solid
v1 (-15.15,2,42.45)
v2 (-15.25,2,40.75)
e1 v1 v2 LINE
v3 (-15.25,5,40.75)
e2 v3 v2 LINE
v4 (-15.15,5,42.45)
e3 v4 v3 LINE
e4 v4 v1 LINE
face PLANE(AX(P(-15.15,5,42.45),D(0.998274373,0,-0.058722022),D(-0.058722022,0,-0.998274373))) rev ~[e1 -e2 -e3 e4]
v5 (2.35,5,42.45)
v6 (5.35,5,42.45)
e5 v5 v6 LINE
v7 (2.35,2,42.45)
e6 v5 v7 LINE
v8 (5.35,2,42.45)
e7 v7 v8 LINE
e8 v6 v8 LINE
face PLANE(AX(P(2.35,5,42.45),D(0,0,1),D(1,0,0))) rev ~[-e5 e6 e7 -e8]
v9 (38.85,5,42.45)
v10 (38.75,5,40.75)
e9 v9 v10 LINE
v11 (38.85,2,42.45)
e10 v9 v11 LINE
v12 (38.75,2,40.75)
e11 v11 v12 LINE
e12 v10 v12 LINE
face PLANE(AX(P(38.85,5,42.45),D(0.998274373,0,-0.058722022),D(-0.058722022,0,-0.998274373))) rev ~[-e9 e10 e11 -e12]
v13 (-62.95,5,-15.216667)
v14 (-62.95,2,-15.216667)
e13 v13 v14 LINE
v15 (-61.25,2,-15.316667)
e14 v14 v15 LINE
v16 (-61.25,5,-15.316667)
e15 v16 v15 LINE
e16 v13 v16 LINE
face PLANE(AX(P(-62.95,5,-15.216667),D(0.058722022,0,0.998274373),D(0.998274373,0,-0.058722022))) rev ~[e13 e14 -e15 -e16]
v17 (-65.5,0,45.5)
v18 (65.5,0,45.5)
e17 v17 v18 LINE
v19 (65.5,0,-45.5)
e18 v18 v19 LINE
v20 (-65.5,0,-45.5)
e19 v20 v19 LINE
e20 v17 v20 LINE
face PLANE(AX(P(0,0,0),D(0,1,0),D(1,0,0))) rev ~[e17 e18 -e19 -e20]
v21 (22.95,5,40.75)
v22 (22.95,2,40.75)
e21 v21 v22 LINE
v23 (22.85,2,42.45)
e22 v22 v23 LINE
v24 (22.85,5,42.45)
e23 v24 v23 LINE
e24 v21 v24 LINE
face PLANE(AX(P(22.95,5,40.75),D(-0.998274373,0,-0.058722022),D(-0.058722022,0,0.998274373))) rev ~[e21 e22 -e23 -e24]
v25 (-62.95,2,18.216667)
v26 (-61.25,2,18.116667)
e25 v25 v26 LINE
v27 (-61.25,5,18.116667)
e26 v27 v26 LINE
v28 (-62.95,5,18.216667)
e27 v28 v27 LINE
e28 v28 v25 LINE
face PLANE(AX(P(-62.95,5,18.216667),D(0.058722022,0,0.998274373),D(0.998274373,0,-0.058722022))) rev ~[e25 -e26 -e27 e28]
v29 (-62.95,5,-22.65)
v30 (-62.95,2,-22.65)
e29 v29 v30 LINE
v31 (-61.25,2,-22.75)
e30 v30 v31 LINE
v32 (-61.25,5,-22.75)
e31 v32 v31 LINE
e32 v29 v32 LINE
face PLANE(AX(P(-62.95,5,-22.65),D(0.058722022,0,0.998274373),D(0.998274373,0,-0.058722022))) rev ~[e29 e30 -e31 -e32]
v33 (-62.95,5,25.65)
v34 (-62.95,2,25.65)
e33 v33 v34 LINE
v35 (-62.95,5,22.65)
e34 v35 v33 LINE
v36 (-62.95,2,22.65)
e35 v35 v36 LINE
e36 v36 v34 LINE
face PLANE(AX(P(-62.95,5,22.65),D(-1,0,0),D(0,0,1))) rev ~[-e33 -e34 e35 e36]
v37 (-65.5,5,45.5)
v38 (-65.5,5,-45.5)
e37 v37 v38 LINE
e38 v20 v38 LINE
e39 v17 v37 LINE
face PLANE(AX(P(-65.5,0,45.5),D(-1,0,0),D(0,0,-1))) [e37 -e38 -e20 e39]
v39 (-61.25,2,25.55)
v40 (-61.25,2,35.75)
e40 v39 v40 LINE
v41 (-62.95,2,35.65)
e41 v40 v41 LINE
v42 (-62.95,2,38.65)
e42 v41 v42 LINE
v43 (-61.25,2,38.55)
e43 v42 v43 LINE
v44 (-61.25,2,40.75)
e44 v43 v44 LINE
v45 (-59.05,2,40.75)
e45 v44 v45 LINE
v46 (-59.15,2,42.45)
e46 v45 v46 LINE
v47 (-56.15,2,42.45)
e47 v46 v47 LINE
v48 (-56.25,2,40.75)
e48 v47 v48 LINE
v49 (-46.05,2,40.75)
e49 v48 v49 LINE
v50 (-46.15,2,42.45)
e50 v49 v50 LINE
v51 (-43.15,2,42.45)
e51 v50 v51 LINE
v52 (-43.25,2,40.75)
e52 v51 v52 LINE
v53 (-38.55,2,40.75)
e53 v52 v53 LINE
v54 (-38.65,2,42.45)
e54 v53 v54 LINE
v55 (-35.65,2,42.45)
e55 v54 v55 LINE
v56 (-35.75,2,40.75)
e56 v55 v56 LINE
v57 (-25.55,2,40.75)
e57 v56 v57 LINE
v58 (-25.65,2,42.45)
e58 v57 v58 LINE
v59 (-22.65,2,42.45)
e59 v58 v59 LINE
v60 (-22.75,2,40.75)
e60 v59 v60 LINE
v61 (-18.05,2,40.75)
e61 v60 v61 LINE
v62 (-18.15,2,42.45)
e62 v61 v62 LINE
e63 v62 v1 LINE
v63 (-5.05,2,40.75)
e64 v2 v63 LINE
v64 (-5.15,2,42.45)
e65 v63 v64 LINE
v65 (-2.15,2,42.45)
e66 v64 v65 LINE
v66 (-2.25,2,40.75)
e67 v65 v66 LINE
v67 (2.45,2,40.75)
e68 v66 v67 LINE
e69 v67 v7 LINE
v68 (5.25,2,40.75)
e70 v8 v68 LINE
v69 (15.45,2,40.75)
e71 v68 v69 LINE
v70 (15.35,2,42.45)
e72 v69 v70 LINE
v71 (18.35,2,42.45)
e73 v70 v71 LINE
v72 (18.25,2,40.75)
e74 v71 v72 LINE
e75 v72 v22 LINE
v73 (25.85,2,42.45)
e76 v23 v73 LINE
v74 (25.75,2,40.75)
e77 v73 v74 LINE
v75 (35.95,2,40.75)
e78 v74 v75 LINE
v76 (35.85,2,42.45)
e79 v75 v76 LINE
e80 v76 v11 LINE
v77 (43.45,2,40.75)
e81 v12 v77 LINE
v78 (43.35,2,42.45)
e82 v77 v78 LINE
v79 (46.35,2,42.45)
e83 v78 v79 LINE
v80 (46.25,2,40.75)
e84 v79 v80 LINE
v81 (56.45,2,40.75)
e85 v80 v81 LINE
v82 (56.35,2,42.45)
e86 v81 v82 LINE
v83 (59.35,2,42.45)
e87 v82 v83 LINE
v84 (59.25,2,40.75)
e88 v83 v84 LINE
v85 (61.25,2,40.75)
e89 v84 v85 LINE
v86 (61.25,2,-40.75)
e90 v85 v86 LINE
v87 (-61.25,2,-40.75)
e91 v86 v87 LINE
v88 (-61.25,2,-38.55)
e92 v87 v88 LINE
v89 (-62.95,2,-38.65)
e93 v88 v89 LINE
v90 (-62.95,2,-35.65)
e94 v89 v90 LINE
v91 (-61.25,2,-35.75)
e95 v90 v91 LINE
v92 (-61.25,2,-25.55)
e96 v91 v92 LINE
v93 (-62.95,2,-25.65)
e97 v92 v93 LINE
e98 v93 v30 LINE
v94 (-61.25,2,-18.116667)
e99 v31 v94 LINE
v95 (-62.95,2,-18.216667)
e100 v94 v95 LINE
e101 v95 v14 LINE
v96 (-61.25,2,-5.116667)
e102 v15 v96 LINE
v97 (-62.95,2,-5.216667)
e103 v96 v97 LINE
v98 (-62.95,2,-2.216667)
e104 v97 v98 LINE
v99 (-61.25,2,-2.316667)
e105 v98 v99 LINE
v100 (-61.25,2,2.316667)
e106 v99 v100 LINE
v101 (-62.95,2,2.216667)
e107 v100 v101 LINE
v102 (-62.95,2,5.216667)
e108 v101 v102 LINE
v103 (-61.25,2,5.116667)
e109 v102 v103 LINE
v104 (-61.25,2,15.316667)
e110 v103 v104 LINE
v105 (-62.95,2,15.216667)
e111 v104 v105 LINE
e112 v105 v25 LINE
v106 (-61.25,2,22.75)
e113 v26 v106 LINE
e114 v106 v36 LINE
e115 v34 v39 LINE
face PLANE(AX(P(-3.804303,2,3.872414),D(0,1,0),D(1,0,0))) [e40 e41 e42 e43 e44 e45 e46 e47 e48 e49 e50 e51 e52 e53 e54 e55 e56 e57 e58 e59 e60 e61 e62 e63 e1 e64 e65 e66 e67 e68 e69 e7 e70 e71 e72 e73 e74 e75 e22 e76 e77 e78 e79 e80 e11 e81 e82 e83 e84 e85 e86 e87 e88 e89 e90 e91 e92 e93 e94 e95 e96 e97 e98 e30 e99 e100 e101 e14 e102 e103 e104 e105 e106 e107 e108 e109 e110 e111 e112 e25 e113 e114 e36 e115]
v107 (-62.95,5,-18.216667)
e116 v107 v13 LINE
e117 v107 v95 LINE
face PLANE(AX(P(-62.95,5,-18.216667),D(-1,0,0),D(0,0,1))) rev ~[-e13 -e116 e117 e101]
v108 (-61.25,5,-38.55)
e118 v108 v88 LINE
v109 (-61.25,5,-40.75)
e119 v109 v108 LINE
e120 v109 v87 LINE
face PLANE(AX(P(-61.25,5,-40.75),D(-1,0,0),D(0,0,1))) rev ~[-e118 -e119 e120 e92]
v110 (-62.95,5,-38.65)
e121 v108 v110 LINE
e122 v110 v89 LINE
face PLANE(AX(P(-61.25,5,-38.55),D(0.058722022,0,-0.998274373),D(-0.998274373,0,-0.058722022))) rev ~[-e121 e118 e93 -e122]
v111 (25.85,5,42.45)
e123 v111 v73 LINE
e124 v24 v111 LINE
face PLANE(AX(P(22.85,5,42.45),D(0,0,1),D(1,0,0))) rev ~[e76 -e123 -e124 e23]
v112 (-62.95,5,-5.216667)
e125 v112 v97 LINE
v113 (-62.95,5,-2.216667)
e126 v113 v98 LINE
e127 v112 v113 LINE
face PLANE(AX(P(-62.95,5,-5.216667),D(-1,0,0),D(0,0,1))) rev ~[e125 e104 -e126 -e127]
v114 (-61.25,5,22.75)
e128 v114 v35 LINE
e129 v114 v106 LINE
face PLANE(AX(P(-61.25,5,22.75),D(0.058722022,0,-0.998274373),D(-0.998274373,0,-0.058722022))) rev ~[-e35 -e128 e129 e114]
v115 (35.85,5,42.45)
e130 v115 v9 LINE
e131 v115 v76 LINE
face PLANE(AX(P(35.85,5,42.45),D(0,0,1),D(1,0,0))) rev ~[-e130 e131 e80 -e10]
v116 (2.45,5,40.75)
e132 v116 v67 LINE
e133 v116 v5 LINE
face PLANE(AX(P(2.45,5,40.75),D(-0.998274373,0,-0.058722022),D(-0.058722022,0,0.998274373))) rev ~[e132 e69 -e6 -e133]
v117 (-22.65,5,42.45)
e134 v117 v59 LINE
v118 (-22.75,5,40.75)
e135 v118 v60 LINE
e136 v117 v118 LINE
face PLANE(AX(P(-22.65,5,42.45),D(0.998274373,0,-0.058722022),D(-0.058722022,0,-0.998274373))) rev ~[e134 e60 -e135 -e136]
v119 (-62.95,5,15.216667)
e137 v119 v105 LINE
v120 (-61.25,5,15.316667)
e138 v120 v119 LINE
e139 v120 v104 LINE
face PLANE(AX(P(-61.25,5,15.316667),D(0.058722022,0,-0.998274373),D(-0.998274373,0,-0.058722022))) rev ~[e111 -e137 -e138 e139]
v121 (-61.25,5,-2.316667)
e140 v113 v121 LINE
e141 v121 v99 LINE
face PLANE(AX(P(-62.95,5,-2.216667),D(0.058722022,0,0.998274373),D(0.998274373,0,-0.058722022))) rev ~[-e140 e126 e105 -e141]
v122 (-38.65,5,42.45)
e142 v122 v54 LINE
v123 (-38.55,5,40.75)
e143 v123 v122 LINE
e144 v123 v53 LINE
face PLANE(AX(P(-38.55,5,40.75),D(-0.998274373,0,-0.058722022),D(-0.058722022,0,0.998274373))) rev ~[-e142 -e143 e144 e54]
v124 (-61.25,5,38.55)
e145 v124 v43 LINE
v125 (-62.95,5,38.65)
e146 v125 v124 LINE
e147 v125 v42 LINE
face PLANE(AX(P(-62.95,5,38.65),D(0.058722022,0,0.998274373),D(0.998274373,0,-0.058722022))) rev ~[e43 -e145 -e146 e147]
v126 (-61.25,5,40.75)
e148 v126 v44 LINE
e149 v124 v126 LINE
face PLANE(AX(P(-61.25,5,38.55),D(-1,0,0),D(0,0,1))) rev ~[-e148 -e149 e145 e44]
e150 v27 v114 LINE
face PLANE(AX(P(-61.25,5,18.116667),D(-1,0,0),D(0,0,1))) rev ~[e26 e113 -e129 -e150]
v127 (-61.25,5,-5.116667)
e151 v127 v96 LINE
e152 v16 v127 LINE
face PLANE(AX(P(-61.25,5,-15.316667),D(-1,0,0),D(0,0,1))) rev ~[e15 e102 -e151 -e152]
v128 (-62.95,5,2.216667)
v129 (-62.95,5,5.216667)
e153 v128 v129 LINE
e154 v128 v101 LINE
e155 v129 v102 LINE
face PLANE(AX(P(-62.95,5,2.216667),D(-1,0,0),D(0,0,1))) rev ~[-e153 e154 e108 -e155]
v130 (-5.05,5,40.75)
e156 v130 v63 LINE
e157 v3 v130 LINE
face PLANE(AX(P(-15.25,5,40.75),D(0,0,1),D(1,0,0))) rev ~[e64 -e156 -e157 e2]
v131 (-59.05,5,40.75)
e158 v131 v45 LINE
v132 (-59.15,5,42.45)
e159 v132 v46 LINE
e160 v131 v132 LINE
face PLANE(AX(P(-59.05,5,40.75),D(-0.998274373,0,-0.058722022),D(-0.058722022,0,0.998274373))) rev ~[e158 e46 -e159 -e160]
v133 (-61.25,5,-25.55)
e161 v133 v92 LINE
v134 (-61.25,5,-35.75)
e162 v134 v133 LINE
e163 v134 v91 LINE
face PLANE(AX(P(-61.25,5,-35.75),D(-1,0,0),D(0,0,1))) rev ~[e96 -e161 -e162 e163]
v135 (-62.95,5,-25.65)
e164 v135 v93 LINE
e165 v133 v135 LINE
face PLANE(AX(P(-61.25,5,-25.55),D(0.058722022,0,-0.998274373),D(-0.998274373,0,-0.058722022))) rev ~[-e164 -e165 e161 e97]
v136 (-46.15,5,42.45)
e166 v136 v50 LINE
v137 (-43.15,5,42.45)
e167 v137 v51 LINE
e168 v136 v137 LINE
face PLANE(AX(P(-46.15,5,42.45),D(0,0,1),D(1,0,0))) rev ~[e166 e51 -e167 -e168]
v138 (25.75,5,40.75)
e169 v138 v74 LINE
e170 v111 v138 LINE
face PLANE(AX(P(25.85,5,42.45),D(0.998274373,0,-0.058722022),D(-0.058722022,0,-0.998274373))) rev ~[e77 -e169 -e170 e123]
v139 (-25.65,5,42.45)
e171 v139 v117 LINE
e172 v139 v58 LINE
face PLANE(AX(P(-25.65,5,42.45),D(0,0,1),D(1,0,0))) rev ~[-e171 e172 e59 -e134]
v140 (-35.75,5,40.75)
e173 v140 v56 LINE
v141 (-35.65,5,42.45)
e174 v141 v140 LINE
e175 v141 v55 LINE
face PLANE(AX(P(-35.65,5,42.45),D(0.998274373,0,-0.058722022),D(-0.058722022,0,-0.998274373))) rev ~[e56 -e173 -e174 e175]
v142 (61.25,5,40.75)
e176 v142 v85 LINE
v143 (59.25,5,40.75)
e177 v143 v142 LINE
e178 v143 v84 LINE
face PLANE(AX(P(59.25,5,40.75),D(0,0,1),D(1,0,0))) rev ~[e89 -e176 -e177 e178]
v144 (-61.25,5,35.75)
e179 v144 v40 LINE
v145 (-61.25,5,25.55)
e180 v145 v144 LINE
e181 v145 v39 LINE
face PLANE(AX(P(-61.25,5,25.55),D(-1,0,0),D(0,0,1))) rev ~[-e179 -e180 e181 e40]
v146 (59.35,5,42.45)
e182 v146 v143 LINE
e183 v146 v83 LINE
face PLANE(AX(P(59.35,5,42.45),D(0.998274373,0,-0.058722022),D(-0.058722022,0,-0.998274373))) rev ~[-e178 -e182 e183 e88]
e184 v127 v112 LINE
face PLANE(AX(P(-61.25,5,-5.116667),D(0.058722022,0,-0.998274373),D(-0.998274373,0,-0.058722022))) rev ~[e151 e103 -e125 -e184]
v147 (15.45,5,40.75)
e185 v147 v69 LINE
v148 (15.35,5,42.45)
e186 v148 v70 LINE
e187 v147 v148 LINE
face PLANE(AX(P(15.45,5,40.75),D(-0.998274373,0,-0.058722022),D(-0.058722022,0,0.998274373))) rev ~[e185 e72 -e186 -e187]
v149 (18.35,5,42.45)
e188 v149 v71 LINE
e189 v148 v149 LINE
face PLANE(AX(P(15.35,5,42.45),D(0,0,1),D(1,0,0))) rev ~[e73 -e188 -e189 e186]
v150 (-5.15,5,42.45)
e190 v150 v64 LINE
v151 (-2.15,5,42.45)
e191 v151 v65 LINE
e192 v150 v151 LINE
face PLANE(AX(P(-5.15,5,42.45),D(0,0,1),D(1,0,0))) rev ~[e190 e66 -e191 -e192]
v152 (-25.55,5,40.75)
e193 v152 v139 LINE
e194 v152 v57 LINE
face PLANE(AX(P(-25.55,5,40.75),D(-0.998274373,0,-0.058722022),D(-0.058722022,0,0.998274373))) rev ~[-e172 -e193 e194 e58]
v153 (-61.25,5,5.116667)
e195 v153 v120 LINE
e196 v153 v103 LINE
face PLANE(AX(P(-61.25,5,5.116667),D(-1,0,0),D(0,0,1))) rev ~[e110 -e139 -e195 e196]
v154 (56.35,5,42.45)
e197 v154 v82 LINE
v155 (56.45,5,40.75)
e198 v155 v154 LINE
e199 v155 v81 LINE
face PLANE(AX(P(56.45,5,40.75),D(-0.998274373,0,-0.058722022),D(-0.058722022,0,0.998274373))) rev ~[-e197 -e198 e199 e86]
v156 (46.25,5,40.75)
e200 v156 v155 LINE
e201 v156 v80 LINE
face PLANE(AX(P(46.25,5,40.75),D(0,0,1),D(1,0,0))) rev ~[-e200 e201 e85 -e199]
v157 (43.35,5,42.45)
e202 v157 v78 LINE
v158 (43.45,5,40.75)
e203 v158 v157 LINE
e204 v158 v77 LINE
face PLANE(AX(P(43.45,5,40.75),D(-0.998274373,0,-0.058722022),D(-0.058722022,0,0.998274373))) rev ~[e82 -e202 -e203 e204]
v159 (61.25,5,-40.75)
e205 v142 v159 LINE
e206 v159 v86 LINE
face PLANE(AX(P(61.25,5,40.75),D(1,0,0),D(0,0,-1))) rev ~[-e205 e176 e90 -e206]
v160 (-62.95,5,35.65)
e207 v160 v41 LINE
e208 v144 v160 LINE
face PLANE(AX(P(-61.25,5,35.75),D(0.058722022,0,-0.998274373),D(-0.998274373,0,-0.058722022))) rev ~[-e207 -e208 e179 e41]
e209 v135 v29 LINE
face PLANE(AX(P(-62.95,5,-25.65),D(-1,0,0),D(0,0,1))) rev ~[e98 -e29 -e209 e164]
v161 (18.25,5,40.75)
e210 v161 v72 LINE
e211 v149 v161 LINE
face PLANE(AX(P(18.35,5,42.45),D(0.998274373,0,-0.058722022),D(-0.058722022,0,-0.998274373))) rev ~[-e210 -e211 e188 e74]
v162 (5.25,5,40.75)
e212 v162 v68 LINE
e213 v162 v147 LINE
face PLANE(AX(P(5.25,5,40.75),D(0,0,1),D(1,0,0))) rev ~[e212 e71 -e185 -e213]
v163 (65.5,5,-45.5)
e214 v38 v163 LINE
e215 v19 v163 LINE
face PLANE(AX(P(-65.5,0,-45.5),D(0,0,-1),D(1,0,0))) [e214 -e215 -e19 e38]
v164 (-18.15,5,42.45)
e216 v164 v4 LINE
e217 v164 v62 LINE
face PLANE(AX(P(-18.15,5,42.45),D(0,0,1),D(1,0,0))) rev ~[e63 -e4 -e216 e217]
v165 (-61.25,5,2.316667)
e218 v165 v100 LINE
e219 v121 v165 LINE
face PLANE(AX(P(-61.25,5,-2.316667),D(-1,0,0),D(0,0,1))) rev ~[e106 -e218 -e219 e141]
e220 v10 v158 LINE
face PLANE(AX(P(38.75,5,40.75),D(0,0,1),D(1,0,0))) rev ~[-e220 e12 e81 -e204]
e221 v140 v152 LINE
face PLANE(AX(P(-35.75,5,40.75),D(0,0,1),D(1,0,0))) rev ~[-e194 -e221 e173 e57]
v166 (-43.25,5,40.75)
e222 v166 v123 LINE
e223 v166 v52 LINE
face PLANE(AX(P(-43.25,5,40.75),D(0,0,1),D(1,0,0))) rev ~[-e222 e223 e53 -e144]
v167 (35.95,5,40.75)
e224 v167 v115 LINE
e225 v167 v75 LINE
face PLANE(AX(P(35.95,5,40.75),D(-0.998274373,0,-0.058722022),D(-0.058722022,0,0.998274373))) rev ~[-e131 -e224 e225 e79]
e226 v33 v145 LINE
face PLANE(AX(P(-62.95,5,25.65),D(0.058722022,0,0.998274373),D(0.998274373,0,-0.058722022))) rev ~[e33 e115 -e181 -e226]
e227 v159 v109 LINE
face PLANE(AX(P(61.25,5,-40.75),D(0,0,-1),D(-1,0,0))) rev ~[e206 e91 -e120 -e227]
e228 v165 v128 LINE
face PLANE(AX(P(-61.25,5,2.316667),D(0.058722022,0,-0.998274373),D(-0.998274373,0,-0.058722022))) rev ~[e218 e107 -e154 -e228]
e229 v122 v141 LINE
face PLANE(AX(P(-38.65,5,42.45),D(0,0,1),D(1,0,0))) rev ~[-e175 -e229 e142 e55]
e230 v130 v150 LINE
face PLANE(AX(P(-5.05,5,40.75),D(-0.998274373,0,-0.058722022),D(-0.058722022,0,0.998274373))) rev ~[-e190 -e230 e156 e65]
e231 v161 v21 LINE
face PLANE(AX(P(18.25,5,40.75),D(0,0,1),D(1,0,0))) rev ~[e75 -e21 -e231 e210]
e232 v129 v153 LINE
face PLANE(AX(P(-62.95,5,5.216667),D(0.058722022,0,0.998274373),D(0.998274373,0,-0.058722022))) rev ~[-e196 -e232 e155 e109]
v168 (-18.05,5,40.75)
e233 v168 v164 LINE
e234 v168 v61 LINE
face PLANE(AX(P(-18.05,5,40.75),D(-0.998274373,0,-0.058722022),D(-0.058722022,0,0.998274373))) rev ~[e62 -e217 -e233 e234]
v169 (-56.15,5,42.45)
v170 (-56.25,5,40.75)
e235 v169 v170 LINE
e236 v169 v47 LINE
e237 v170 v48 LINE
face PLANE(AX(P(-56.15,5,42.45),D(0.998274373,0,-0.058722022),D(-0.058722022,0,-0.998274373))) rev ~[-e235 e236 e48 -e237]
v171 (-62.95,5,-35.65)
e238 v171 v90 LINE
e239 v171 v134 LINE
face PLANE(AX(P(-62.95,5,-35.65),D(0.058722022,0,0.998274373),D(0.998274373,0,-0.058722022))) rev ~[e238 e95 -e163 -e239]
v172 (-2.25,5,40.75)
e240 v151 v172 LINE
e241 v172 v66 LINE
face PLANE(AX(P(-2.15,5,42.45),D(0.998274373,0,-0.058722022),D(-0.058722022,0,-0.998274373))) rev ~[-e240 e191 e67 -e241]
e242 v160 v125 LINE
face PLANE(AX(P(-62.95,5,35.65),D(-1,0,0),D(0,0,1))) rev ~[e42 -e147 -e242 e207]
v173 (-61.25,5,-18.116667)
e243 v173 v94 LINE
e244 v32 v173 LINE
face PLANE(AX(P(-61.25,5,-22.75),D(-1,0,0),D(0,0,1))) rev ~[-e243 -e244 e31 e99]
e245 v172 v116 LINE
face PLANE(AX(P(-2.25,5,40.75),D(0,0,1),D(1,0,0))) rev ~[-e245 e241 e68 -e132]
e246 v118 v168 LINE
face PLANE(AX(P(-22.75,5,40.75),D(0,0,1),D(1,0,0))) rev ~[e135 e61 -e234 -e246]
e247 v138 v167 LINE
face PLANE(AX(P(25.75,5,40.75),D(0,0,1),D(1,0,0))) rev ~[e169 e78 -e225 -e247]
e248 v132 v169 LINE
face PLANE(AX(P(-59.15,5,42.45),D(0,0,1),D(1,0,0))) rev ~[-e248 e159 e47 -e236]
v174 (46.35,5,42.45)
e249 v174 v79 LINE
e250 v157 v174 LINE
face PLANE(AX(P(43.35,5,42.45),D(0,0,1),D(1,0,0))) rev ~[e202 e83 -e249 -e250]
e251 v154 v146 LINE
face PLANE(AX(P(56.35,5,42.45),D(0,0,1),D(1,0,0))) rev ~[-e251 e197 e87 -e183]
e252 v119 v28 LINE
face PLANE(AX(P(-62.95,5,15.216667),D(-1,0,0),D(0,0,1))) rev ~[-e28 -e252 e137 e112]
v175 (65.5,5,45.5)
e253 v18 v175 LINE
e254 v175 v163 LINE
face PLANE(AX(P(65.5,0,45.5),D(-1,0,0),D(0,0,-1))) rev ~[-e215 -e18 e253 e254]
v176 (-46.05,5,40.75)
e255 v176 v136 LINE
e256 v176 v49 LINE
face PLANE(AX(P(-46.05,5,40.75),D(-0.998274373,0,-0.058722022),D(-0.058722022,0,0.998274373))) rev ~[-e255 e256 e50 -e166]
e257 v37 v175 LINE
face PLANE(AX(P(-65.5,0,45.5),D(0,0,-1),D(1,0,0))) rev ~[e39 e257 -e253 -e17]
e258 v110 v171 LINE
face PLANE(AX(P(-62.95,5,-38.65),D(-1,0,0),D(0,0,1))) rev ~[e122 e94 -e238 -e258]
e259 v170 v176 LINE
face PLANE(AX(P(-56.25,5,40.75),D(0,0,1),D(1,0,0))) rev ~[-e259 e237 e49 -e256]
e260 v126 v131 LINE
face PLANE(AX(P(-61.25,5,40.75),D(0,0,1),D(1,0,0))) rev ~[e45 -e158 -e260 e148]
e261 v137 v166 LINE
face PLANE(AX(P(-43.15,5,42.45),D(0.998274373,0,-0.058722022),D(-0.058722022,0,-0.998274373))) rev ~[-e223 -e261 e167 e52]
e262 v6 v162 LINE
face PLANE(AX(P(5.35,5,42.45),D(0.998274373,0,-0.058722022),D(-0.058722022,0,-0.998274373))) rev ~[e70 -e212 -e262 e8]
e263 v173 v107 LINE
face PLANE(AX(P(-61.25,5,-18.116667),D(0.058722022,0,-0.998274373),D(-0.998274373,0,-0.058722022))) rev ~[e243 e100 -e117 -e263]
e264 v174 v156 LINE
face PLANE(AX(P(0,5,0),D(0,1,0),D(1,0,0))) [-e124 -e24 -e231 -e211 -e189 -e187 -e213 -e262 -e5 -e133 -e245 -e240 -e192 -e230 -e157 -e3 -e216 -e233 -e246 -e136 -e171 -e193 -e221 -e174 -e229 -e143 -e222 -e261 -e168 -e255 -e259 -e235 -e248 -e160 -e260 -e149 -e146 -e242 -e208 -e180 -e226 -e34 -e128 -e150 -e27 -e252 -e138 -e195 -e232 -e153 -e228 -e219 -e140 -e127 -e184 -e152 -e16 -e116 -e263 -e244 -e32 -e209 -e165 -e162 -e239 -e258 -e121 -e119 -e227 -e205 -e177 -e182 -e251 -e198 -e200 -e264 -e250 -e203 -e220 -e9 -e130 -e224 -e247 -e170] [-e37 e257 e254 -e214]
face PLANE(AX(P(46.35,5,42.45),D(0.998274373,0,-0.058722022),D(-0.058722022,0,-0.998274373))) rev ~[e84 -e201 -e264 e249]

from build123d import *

# Parameters (mm, degrees)
SKETCH1_W           = 131
SKETCH1_H           = 91
BOSS_EXTRUDE1_DEPTH = 5
CUT_EXTRUDE2_DEPTH  = 3


with BuildPart() as part:
    # Sketch1 → Boss-Extrude1 (new body)
    with BuildSketch(Plane(origin=(0, 0, 0), x_dir=(1, 0, 0), z_dir=(0, 1, 0))):
        Rectangle(SKETCH1_W, SKETCH1_H)
    extrude(amount=BOSS_EXTRUDE1_DEPTH)

    # Sketch3 → Cut-Extrude2 (cut)
    with BuildSketch(Plane(origin=(0, 5, 0), x_dir=(1, 0, 0), z_dir=(0, 1, 0))):
        Polygon((-61.25, -38.55), (-61.25, -40.75), (-59.05, -40.75), (-59.15, -42.45), (-56.15, -42.45), (-56.25, -40.75), (-46.05, -40.75), (-46.15, -42.45), (-43.15, -42.45), (-43.25, -40.75), (-38.55, -40.75), (-38.65, -42.45), (-35.65, -42.45), (-35.75, -40.75), (-25.55, -40.75), (-25.65, -42.45), (-22.65, -42.45), (-22.75, -40.75), (-18.05, -40.75), (-18.15, -42.45), (-15.15, -42.45), (-15.25, -40.75), (-5.05, -40.75), (-5.15, -42.45), (-2.15, -42.45), (-2.25, -40.75), (2.45, -40.75), (2.35, -42.45), (5.35, -42.45), (5.25, -40.75), (15.45, -40.75), (15.35, -42.45), (18.35, -42.45), (18.25, -40.75), (22.95, -40.75), (22.85, -42.45), (25.85, -42.45), (25.75, -40.75), (35.95, -40.75), (35.85, -42.45), (38.85, -42.45), (38.75, -40.75), (43.45, -40.75), (43.35, -42.45), (46.35, -42.45), (46.25, -40.75), (56.45, -40.75), (56.35, -42.45), (59.35, -42.45), (59.25, -40.75), (61.25, -40.75), (61.25, 40.75), (-61.25, 40.75), (-61.25, 38.55), (-62.95, 38.65), (-62.95, 35.65), (-61.25, 35.75), (-61.25, 25.55), (-62.95, 25.65), (-62.95, 22.65), (-61.25, 22.75), (-61.25, 18.116666667), (-62.95, 18.216666667), (-62.95, 15.216666667), (-61.25, 15.316666667), (-61.25, 5.116666667), (-62.95, 5.216666667), (-62.95, 2.216666667), (-61.25, 2.316666667), (-61.25, -2.316666667), (-62.95, -2.216666667), (-62.95, -5.216666667), (-61.25, -5.116666667), (-61.25, -15.316666667), (-62.95, -15.216666667), (-62.95, -18.216666667), (-61.25, -18.116666667), (-61.25, -22.75), (-62.95, -22.65), (-62.95, -25.65), (-61.25, -25.55), (-61.25, -35.75), (-62.95, -35.65), (-62.95, -38.65), align=None)
    extrude(amount=-CUT_EXTRUDE2_DEPTH, mode=Mode.SUBTRACT)


solid = part.part
